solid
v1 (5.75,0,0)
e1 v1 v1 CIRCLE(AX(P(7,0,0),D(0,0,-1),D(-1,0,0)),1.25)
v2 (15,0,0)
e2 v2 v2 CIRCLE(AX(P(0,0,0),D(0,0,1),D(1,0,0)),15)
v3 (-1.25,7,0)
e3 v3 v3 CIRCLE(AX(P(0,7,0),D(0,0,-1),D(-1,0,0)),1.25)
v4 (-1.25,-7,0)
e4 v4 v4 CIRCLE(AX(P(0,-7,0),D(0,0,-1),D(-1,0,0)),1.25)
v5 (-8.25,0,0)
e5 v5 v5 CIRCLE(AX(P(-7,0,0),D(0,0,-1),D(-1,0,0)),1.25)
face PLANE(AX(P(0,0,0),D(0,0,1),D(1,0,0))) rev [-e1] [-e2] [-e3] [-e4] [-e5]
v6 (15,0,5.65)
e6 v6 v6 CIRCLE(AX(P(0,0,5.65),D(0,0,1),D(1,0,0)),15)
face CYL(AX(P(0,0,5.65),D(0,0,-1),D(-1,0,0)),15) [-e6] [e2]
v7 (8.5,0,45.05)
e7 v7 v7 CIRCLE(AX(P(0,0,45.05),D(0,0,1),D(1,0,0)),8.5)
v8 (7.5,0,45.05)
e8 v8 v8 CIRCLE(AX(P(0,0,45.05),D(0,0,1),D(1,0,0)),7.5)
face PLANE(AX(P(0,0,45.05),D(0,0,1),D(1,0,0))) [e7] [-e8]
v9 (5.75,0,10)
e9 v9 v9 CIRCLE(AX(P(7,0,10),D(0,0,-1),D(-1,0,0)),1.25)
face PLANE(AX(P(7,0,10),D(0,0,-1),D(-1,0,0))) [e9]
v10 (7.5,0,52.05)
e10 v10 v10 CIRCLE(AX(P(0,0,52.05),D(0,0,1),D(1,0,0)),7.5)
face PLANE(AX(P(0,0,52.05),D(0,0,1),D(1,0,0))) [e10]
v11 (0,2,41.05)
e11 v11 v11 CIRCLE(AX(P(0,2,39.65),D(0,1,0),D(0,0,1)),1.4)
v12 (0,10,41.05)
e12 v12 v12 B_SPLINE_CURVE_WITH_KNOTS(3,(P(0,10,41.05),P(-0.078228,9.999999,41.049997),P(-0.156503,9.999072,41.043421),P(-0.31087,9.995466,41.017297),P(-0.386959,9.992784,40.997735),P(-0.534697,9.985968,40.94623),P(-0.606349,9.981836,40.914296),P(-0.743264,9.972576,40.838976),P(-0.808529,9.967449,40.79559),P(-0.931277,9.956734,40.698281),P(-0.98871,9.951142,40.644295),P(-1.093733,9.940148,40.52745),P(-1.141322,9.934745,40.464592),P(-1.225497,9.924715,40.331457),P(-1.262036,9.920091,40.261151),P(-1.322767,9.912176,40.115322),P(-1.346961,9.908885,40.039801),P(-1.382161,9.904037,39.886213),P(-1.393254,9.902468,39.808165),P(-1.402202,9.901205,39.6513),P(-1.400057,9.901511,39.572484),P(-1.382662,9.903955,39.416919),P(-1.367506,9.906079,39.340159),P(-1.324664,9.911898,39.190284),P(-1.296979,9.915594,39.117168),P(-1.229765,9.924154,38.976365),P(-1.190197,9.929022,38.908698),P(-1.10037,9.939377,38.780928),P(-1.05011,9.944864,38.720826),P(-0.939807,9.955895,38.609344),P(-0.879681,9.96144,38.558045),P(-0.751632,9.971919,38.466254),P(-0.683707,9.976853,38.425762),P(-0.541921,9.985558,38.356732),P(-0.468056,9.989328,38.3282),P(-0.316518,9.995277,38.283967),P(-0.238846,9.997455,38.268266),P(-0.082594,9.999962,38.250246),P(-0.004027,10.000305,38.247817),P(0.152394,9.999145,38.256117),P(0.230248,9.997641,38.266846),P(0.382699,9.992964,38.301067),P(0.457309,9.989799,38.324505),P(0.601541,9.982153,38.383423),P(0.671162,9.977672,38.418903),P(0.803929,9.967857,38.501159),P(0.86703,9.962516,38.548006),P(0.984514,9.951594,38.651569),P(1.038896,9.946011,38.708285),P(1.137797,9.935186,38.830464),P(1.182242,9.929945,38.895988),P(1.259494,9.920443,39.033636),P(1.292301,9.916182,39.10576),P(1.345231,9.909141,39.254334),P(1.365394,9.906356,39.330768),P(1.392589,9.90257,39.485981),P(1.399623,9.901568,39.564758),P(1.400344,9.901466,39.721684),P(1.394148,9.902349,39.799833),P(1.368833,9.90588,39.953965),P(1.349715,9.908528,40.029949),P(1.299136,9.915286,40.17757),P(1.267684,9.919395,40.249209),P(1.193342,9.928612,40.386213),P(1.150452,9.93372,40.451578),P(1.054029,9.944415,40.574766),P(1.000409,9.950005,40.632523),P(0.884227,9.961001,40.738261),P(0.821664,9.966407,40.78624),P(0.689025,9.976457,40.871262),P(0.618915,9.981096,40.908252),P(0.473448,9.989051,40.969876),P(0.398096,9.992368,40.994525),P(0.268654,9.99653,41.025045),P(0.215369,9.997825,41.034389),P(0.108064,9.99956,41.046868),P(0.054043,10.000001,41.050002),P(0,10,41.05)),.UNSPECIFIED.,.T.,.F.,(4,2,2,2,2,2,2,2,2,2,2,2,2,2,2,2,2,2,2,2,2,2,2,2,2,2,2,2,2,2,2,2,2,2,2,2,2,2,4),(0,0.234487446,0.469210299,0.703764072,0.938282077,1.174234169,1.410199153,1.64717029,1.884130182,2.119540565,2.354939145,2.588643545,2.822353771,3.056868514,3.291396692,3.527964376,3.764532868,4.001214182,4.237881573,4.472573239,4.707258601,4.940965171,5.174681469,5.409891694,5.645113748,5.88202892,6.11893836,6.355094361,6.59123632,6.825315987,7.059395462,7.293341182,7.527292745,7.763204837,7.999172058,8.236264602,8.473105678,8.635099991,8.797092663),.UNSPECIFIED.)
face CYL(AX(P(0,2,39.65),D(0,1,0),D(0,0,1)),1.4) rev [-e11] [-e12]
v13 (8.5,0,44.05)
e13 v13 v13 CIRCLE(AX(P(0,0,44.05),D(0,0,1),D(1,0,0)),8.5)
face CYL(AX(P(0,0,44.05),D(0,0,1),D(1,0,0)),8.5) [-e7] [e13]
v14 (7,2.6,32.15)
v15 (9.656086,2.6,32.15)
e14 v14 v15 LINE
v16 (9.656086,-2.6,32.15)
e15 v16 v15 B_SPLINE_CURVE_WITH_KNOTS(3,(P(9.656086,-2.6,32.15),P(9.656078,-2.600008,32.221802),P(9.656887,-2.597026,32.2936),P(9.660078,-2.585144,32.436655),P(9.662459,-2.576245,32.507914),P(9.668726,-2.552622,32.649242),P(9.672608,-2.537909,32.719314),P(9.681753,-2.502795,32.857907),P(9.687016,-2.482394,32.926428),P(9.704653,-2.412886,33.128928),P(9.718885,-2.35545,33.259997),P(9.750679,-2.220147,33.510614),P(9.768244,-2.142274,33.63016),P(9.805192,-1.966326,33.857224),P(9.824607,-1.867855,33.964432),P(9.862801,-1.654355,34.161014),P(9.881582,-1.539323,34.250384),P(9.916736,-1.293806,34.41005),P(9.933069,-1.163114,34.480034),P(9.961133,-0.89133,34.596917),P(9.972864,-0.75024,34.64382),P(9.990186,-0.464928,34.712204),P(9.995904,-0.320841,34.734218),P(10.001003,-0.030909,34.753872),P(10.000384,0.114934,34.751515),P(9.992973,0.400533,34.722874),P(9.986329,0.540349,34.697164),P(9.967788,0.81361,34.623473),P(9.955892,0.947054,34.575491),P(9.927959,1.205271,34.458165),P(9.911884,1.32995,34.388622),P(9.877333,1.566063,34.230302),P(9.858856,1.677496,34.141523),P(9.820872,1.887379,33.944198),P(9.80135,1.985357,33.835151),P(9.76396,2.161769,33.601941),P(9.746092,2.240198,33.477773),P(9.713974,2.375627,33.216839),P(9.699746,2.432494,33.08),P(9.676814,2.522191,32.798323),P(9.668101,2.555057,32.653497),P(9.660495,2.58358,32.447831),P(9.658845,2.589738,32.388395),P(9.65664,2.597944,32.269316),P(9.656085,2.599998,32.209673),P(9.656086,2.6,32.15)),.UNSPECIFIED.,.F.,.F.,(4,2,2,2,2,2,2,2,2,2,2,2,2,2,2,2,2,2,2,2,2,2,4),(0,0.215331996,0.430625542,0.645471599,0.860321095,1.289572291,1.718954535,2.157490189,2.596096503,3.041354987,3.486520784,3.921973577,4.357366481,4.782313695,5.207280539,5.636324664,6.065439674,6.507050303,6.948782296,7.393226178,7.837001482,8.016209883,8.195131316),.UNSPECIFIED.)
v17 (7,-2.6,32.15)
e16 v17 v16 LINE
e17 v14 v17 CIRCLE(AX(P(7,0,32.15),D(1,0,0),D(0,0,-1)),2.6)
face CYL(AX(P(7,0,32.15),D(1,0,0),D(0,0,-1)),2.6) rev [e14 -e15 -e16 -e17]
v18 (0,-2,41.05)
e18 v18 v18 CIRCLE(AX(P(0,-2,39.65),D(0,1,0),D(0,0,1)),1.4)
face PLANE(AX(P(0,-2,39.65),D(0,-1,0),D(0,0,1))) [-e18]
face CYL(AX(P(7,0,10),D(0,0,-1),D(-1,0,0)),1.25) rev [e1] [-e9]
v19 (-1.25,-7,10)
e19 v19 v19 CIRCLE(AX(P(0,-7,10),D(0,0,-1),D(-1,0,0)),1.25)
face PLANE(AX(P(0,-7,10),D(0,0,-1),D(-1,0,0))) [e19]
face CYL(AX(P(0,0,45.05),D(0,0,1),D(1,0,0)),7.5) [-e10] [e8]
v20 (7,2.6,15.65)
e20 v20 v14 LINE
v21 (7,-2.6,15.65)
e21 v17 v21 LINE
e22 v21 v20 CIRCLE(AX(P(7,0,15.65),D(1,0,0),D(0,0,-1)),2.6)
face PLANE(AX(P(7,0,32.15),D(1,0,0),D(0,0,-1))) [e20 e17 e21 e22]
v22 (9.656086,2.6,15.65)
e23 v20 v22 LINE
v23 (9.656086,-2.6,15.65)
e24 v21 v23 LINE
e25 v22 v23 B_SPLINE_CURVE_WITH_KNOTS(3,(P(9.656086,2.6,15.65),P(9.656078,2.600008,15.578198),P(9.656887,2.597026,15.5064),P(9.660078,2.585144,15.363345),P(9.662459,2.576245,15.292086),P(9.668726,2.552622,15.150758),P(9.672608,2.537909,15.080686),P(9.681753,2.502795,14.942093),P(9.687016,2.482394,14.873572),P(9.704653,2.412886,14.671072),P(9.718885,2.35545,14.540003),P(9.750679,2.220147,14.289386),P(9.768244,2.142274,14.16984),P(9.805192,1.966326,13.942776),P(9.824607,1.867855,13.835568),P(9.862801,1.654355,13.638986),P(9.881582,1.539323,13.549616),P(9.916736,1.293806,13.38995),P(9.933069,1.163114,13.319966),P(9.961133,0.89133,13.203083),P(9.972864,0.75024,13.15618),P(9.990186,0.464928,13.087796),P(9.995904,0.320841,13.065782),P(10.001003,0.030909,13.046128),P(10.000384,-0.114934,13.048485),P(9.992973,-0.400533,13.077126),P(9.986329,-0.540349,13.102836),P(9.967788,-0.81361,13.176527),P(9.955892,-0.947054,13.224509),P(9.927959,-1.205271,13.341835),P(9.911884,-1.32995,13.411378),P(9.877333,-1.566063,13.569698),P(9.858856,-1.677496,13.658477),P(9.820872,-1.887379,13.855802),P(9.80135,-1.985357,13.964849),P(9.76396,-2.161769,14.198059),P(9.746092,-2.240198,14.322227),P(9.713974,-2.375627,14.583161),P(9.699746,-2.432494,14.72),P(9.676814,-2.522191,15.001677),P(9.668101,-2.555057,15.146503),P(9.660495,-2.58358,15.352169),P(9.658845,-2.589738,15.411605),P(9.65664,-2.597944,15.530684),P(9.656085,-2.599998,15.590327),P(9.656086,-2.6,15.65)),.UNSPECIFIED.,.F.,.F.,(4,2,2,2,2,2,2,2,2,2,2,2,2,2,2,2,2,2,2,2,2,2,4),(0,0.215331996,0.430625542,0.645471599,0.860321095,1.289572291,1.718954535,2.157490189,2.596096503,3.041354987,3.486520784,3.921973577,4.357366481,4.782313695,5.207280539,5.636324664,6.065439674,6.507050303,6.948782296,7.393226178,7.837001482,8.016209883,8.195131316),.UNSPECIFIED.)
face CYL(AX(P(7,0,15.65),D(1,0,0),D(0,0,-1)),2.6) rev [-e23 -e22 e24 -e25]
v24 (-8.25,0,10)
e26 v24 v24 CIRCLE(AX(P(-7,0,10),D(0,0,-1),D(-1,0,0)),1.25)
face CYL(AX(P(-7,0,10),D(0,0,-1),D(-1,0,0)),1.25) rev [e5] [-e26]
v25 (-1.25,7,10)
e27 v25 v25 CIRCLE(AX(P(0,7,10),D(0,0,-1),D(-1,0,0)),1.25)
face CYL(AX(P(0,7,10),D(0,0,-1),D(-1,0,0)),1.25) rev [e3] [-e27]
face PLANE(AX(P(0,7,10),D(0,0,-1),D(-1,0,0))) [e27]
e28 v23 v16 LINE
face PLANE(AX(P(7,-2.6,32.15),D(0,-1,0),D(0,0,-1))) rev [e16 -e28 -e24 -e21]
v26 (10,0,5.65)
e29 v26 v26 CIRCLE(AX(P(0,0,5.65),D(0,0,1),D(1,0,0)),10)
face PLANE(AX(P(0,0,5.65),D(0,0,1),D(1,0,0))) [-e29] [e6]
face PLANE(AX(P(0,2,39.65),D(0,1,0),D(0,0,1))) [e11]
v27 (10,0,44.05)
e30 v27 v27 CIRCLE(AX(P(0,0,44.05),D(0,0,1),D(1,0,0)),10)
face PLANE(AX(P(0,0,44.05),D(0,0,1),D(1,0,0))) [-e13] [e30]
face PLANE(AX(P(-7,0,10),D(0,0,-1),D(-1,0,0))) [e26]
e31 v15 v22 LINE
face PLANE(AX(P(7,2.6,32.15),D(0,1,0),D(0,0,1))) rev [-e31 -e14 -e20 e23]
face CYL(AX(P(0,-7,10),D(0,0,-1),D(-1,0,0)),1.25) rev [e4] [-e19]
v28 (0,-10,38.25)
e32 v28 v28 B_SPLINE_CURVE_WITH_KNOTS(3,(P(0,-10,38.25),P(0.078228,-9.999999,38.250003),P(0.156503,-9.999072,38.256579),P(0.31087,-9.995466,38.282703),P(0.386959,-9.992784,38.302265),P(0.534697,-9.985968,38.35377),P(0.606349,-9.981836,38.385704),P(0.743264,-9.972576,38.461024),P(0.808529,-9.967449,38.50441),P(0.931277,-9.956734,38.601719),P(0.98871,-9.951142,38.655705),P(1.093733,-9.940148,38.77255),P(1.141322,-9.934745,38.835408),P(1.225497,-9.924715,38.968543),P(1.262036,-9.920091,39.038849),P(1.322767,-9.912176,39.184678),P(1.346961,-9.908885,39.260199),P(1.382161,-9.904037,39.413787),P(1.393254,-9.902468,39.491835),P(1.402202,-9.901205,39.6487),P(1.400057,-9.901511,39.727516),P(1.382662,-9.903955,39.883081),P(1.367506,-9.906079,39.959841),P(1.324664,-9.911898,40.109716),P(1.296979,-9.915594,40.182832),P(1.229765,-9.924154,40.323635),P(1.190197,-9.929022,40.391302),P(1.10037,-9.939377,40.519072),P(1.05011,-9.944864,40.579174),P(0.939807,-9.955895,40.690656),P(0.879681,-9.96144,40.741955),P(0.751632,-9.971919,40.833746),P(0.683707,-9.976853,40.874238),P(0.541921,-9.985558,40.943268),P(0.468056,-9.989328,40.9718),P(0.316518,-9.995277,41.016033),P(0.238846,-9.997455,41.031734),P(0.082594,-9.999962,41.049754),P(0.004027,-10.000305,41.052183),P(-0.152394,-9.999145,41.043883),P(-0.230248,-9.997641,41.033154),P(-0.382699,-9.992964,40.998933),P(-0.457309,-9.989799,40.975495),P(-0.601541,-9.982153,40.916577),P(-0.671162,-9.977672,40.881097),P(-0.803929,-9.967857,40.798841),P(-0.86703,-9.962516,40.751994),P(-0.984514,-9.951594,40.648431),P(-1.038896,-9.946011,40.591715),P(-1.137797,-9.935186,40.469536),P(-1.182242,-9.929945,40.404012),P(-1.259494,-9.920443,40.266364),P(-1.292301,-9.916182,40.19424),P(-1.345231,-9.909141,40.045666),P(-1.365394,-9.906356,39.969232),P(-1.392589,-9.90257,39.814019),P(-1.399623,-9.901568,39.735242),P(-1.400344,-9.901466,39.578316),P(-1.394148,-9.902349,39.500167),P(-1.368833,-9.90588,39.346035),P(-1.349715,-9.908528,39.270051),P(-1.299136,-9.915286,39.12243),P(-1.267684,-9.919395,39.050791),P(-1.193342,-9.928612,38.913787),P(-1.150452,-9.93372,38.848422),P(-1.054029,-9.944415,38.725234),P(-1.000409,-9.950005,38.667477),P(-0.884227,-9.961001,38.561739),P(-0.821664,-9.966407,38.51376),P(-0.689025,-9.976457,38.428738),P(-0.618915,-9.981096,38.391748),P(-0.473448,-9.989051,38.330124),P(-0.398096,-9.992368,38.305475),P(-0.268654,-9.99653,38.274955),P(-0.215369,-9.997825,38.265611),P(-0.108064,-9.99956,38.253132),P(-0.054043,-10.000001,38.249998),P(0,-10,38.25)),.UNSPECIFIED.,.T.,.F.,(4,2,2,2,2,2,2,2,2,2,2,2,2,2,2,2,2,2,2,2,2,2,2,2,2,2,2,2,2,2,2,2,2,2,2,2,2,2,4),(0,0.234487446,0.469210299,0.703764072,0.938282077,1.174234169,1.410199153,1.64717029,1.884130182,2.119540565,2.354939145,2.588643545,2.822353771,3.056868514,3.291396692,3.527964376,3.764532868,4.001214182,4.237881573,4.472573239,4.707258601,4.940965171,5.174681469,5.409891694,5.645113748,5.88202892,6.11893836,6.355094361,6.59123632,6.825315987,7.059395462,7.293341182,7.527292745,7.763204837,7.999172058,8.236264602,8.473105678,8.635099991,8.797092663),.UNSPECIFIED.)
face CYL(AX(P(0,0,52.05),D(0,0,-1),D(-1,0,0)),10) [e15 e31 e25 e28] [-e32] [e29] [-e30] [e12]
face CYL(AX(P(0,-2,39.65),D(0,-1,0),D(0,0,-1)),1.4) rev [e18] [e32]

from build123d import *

# Parameters (mm, degrees)
SKETCH_1_R          = 15
EXTRUDE_1_DEPTH     = 5.65
SKETCH_2_R          = 10
EXTRUDE_2_DEPTH     = 46.4
SKETCH_3_R          = 1.25
CUT_EXTRUDE_1_DEPTH = 10
SKETCH_4_OUTSIDE_W  = 45.43
SKETCH_4_OUTSIDE_H  = 45.43
SKETCH_4_OUTSIDE_R  = 7.5
CUT_EXTRUDE_2_DEPTH = 7
SKETCH_5_OUTSIDE_W  = 45.43
SKETCH_5_OUTSIDE_H  = 45.43
SKETCH_5_OUTSIDE_R  = 8.5
CUT_EXTRUDE_3_DEPTH = 1
SKETCH_6_R          = 1.4
CUT_EXTRUDE_4_DEPTH = 8
CUT_EXTRUDE_5_DEPTH = 3


with BuildPart() as part:
    # 草图1 → 凸台-拉伸1 (new body)
    with BuildSketch(Plane.XY):
        Circle(SKETCH_1_R)
    extrude(amount=EXTRUDE_1_DEPTH)

    # 草图2 → 凸台-拉伸2 (add)
    with BuildSketch(Plane.XY.offset(5.65)):
        Circle(SKETCH_2_R)
    extrude(amount=EXTRUDE_2_DEPTH)

    # 草图3 → 切除-拉伸1 (cut)
    with BuildSketch(Plane(origin=(0, 0, 0), x_dir=(-1, 0, 0), z_dir=(0, 0, -1))):
        with Locations((0, 7)):
            Circle(SKETCH_3_R)
        with Locations((7, 0)):
            Circle(SKETCH_3_R)
        with Locations((0, -7)):
            Circle(SKETCH_3_R)
        with Locations((-7, 0)):
            Circle(SKETCH_3_R)
    extrude(amount=-CUT_EXTRUDE_1_DEPTH, mode=Mode.SUBTRACT)

    # 草图4 outside → 切除-拉伸2 (cut)
    with BuildSketch(Plane.XY.offset(52.05)):
        Rectangle(SKETCH_4_OUTSIDE_W, SKETCH_4_OUTSIDE_H)
        Circle(SKETCH_4_OUTSIDE_R, mode=Mode.SUBTRACT)
    extrude(amount=-CUT_EXTRUDE_2_DEPTH, mode=Mode.SUBTRACT)

    # 草图5 outside → 切除-拉伸3 (cut)
    with BuildSketch(Plane.XY.offset(45.05)):
        Rectangle(SKETCH_5_OUTSIDE_W, SKETCH_5_OUTSIDE_H)
        Circle(SKETCH_5_OUTSIDE_R, mode=Mode.SUBTRACT)
    extrude(amount=-CUT_EXTRUDE_3_DEPTH, mode=Mode.SUBTRACT)

    # 草图6 → 切除-拉伸4 (cut)
    with BuildSketch(Plane(origin=(0, 10, 0), x_dir=(1, 0, 0), z_dir=(0, 1, 0))):
        with Locations(Location((0, -39.65, 0), (0, 0, 270))):
            Circle(SKETCH_6_R)
    cut_extrude_4 = extrude(amount=-CUT_EXTRUDE_4_DEPTH, mode=Mode.SUBTRACT)

    # 镜向1: 切除-拉伸4 across plane
    add(cut_extrude_4.mirror(Plane.ZX), mode=Mode.SUBTRACT)

    # 草图7 → 切除-拉伸5 (cut)
    with BuildSketch(Plane(origin=(10, 0, 0), x_dir=(0, 0, -1), z_dir=(1, 0, 0))):
        with BuildLine():
            Line((-32.15, 2.6), (-15.65, 2.6))
            ThreePointArc((-15.65, 2.6), (-13.05, 0), (-15.65, -2.6))
            Line((-15.65, -2.6), (-32.15, -2.6))
            ThreePointArc((-32.15, -2.6), (-34.75, 0), (-32.15, 2.6))
        make_face()
    extrude(amount=-CUT_EXTRUDE_5_DEPTH, mode=Mode.SUBTRACT)


solid = part.part
